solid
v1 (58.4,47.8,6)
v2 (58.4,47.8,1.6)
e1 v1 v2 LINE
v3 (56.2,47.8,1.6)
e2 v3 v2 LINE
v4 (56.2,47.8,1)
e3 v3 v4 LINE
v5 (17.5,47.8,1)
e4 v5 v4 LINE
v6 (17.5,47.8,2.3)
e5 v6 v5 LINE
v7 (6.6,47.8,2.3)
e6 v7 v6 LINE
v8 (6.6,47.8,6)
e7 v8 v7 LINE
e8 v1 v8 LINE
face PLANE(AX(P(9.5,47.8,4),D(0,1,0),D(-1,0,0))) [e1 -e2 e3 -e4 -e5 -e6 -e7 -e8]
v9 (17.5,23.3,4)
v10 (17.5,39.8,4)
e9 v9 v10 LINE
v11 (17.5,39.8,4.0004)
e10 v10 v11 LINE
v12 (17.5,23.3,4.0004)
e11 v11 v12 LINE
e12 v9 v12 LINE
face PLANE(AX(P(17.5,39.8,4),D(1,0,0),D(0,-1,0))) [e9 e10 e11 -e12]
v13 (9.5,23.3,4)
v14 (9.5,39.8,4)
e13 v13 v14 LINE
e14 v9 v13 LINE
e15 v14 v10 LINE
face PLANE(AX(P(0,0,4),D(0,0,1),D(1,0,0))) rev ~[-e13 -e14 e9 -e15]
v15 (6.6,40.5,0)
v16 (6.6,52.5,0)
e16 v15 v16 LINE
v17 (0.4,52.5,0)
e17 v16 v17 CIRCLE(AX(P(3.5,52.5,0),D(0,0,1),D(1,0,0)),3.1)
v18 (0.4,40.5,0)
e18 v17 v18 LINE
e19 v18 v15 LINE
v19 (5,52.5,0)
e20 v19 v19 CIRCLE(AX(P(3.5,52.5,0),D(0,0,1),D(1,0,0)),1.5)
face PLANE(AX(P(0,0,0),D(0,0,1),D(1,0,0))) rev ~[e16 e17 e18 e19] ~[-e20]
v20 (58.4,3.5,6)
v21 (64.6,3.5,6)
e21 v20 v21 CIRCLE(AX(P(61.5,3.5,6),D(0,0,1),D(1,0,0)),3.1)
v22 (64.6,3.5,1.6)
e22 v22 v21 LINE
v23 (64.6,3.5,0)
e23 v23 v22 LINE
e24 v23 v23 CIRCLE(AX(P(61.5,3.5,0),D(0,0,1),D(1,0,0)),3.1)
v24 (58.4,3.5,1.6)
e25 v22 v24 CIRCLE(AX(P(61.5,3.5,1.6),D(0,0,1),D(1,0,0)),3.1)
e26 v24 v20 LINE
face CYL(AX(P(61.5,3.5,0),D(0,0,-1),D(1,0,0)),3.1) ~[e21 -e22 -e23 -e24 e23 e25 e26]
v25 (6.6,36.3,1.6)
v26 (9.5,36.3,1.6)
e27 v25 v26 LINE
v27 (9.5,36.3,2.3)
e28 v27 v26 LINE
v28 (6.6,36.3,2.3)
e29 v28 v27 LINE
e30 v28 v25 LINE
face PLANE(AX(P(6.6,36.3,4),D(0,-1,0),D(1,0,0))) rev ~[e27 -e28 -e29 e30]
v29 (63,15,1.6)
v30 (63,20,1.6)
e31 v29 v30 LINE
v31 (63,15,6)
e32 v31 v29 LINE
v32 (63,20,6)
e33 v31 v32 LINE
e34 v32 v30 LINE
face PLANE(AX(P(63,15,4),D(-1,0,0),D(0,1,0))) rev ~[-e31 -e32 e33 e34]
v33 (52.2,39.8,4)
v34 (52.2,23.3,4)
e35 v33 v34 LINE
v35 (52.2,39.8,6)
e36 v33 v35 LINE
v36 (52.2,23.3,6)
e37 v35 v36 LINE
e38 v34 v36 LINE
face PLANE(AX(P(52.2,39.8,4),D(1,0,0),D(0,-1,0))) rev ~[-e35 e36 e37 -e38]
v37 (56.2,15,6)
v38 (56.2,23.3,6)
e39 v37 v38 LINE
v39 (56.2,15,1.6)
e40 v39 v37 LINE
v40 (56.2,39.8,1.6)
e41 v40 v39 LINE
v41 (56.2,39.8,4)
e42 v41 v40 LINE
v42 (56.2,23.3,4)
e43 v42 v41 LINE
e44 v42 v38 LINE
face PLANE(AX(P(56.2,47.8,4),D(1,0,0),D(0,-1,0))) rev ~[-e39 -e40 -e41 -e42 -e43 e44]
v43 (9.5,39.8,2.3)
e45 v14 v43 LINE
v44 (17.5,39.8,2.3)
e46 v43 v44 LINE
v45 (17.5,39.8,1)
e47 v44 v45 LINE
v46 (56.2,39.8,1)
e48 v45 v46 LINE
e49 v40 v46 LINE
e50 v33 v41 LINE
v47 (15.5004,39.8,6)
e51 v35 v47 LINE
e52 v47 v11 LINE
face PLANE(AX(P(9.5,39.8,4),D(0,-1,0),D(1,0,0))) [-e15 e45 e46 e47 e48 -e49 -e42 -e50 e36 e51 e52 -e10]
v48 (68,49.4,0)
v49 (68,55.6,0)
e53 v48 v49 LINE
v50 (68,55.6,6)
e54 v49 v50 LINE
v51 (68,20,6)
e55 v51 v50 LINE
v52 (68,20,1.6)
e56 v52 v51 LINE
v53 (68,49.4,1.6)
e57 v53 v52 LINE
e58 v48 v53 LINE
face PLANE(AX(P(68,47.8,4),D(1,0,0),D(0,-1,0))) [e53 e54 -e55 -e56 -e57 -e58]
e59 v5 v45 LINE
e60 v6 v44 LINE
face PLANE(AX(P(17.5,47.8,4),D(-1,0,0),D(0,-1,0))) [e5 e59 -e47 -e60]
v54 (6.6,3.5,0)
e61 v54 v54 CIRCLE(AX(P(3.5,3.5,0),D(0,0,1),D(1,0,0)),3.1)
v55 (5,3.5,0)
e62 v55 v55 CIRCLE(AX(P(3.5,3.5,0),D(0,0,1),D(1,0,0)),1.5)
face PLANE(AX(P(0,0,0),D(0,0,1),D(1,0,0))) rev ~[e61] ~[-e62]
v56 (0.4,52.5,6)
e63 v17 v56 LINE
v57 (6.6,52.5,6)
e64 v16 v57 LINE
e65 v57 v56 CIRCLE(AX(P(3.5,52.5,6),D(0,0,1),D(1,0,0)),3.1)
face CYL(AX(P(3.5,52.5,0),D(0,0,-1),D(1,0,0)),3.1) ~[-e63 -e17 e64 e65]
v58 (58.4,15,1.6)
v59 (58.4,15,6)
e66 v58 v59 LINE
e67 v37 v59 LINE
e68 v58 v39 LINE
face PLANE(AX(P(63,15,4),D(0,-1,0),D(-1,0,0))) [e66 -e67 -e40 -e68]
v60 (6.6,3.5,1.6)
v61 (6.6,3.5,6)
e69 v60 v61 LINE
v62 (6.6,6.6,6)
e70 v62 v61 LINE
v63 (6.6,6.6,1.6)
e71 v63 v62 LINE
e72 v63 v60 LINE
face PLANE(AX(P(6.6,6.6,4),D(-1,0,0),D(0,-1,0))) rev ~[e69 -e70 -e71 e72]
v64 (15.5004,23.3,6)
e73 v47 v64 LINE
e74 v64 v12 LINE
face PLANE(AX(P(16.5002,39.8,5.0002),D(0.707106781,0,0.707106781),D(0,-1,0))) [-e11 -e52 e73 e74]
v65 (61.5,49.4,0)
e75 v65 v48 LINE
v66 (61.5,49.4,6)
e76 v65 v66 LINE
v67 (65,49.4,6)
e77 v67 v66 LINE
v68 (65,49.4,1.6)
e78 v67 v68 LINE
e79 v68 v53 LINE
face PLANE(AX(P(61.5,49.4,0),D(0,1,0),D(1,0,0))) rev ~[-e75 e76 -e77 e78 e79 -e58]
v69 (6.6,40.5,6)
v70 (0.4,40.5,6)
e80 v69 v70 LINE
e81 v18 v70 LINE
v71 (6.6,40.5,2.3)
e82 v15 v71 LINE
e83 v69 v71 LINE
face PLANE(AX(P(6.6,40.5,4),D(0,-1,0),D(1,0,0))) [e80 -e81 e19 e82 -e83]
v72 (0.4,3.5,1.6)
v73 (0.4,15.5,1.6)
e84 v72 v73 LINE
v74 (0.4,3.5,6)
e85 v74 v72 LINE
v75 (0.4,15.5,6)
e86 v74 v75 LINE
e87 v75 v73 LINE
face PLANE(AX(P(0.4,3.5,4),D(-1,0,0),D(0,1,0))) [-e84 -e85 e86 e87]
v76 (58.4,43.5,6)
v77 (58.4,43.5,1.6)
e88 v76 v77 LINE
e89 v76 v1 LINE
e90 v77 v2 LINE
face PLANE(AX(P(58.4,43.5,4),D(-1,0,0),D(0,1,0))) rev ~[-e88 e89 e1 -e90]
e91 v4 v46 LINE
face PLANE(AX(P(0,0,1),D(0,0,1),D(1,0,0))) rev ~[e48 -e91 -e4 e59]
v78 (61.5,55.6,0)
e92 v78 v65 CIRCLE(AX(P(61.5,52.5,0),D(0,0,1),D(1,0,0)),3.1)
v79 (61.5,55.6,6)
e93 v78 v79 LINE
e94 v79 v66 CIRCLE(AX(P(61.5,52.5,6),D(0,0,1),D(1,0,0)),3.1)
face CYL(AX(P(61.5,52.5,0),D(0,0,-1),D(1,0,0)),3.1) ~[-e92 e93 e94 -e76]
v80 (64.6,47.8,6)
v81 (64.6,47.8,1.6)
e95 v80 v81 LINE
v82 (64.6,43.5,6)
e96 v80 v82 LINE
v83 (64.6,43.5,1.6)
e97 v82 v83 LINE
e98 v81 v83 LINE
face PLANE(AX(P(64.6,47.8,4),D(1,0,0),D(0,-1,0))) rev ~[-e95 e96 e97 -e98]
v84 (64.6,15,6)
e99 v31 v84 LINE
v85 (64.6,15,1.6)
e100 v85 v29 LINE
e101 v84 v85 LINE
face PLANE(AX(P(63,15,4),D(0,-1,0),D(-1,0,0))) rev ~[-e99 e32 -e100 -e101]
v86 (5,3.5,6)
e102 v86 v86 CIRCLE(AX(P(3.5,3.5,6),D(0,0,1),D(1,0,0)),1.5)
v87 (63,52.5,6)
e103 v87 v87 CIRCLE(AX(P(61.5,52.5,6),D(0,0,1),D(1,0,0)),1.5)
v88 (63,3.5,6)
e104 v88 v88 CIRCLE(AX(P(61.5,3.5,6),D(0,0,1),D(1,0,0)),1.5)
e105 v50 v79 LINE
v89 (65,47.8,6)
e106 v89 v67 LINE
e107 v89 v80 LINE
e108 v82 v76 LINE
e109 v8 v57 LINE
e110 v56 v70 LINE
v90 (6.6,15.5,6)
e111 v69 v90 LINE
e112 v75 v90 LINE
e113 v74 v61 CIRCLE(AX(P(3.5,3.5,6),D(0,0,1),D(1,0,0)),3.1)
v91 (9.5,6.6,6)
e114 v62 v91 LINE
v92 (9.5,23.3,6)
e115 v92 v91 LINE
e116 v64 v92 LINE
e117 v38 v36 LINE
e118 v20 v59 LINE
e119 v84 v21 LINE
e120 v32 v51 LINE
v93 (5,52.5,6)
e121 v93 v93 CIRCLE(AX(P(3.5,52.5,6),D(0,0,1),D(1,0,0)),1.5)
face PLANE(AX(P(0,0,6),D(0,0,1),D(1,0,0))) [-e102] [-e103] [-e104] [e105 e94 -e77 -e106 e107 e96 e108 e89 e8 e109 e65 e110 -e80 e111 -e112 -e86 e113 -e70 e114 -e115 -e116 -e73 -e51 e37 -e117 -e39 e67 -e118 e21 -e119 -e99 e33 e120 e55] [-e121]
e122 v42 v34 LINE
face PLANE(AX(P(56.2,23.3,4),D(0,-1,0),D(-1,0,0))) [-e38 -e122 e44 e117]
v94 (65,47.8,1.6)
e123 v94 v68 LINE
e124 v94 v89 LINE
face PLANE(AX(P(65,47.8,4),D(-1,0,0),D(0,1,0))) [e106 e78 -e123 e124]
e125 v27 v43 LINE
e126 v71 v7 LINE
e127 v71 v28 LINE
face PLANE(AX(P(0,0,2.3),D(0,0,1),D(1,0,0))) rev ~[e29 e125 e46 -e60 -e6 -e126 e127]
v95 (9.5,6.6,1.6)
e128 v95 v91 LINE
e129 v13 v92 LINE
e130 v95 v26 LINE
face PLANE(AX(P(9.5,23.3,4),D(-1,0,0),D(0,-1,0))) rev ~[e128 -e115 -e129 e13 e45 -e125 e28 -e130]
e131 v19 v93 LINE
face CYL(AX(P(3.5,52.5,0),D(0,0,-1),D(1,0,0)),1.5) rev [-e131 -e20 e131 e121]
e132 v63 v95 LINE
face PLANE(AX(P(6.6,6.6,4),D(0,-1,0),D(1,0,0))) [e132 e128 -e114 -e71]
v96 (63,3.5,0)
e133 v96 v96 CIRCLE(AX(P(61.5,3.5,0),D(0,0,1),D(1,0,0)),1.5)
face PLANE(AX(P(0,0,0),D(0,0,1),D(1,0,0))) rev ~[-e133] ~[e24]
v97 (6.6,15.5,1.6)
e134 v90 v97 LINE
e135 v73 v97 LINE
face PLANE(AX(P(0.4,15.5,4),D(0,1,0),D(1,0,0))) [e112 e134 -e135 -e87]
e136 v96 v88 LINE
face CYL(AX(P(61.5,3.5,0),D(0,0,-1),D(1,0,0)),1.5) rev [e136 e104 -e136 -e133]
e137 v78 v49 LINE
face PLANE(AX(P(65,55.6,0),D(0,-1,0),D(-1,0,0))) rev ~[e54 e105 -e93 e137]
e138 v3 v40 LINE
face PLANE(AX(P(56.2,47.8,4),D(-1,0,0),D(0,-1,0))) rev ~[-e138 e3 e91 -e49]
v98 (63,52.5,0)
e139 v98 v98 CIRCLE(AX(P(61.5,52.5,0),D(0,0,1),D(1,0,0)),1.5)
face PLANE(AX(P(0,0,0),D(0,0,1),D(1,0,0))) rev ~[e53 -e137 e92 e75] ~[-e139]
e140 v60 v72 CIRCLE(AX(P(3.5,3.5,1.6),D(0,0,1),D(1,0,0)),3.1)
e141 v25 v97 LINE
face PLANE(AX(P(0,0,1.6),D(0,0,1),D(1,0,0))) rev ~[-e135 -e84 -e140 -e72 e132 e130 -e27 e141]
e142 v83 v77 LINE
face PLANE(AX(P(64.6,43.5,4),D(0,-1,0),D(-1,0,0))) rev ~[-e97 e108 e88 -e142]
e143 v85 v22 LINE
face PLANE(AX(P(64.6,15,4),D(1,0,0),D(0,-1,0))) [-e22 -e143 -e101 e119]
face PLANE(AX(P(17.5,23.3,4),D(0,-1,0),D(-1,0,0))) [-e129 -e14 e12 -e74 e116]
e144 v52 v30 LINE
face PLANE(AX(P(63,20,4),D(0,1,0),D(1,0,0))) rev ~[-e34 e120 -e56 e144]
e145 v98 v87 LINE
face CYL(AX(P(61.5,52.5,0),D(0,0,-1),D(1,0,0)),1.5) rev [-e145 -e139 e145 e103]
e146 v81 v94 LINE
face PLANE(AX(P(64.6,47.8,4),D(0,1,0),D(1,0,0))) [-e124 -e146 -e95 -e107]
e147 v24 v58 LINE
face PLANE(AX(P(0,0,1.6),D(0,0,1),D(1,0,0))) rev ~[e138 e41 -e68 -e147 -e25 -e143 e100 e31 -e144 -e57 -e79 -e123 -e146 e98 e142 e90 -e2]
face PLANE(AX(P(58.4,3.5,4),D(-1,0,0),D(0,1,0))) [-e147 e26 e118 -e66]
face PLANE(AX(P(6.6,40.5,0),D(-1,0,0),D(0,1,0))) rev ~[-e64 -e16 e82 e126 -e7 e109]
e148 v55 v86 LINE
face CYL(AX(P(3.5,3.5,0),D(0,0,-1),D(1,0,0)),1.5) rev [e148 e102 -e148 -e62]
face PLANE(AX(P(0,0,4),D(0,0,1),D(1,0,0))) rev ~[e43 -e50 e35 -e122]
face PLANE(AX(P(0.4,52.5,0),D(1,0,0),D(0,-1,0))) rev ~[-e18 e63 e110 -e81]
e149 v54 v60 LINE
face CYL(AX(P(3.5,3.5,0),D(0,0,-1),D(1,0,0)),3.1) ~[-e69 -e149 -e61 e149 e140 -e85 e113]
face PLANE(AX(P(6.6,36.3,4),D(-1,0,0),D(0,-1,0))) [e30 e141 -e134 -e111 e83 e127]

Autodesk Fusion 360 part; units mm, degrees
sketch "Skizze1" plane through (0, 0, 0) normal (0, 0, 1) x (1, 0, 0)
  line L0 (0, 0) -> (65, 0)
  line L1 (65, 0) -> (65, 56)
  line L2 (65, 56) -> (0, 56)
  line L3 (0, 56) -> (0, 0)
  circle A0 centre (61.5, 52.5) radius 1.5
  circle A1 centre (3.5, 52.5) radius 1.5
  circle A2 centre (3.5, 3.5) radius 1.5
  circle A3 centre (61.5, 3.5) radius 1.5
  line L4 (3.5, 3.5) -> (61.5, 3.5) construction
  line L5 (61.5, 3.5) -> (61.5, 52.5) construction
  line L6 (61.5, 52.5) -> (3.5, 52.5) construction
  line L7 (3.5, 52.5) -> (3.5, 3.5) construction
  line L8 (9.5, 39.8) -> (56.2, 39.8) construction
  line L9 (56.2, 39.8) -> (56.2, 23.3) construction
  line L10 (56.2, 23.3) -> (9.5, 23.3) construction
  line L11 (9.5, 23.3) -> (9.5, 39.8) construction
  line L12 (18.5, 39.8) -> (18.5, 35.3) construction
  line L13 (18.5, 35.3) -> (9.5, 35.3) construction
  line L14 (19.5, 25) -> (33.5, 25) construction
  line L15 (33.5, 25) -> (33.5, 39) construction
  line L16 (33.5, 39) -> (19.5, 39) construction
  line L17 (19.5, 39) -> (19.5, 25) construction
  line L18 (7, 49.3) -> (17.5, 49.3) construction
  line L19 (17.5, 49.3) -> (17.5, 36.3) construction
  line L20 (17.5, 36.3) -> (7, 36.3) construction
  line L21 (7, 36.3) -> (7, 49.3) construction
  line L22 (52.2, 39.8) -> (52.2, 23.3) construction
  line L23 (17.5, 23.3) -> (17.5, 36.3) construction
  circle A4 centre (3.5, 52.5) radius 3.1
  circle A5 centre (61.5, 52.5) radius 3.1
  circle A6 centre (3.5, 3.5) radius 3.1
  circle A7 centre (61.5, 3.5) radius 3.1
  line L24 (6.6, 52.5) -> (0.4, 52.5) construction
  line L25 (0.4, 52.5) -> (0.4, 40.5)
  line L26 (0.4, 40.5) -> (6.6, 40.5)
  line L27 (6.6, 40.5) -> (6.6, 52.5)
  line L28 (61.5, 49.4) -> (68, 49.4)
  line L29 (68, 49.4) -> (68, 55.6)
  line L30 (68, 55.6) -> (61.5, 55.6)
  line L31 (61.5, 55.6) -> (61.5, 49.4) construction
  dimension "d1" = 65
  dimension "d2" = 56
  dimension "d3" = 49
  dimension "d4" = 3.5
  dimension "d5" = 4
  dimension "d6" = 3.5
  dimension "d7" = 3.5
  dimension "d8" = 3
  dimension "d9" = 3
  dimension "d10" = 3
  dimension "d11" = 3
  dimension "d12" = 46.7
  dimension "d13" = 16.5
  dimension "d14" = 4.5
  dimension "d15" = 9
  dimension "d16" = 14
  dimension "d17" = 14
  dimension "d18" = 17
  dimension "d19" = 19.5
  dimension "d20" = 10.5
  dimension "d21" = 13
  dimension "d22" = 6.7
  dimension "d23" = 7
  dimension "d24" = 2
  dimension "d25" = 1
  dimension "d26" = 1
  dimension "d27" = 1
  dimension "d28" = 4
  dimension "d29" = 8
  dimension "d30" = 6.2
  dimension "d31" = 6.2
  dimension "d32" = 6.2
  dimension "d33" = 6.2
  dimension "d36" = 12
  dimension "d37" = 6.5
ref_plane "Arbeitsebene1" through (0, 0, 4) normal (0, 0, 1) x (1, 0, 0)
sketch "Skizze2" plane through (0, 0, 4) normal (0, 0, 1) x (1, 0, 0)
  line L0 (52.2, 39.8) -> (52.2, 23.3)
  line L1 (56.2, 39.8) -> (56.2, 23.3)
  line L2 (56.2, 23.3) -> (9.5, 23.3)
  line L3 (9.5, 39.8) -> (56.2, 39.8)
  line L4 (9.5, 23.3) -> (9.5, 39.8)
  line L5 (17.5, 23.3) -> (17.5, 36.3)
  line L6 (17.5, 49.3) -> (17.5, 36.3)
  line L7 (56.2, 39.8) -> (9.5, 39.8)
  line L8 (9.5, 39.8) -> (9.5, 47.8)
  line L9 (9.5, 47.8) -> (56.2, 47.8)
  line L10 (56.2, 47.8) -> (56.2, 39.8)
  line L11 (56.2, 47.8) -> (68, 47.8)
  line L12 (68, 47.8) -> (68, 15)
  line L13 (68, 15) -> (56.2, 15)
  line L14 (56.2, 15) -> (56.2, 47.8)
  line L15 (0, 0) -> (65, 0)
  line L16 (68, 49.4) -> (68, 55.6)
  line L17 (68, 15) -> (63, 15)
  line L18 (63, 15) -> (63, 20)
  line L19 (63, 20) -> (68, 20)
  line L20 (68, 20) -> (68, 15)
  line L21 (68, 49.4) -> (68, 47.8)
  line L22 (61.5, 49.4) -> (68, 49.4)
  line L23 (65, 0) -> (65, 56)
  line L24 (65, 47.8) -> (65, 49.4)
  line L25 (58.4, 47.8) -> (64.6, 47.8)
  line L26 (64.6, 47.8) -> (64.6, 43.5)
  line L27 (64.6, 43.5) -> (58.4, 43.5)
  line L28 (58.4, 43.5) -> (58.4, 47.8)
  circle A0 centre (61.5, 52.5) radius 3.1
  line L29 (58.4, 15) -> (64.6, 15)
  line L30 (64.6, 15) -> (64.6, 3.5)
  line L31 (64.6, 3.5) -> (58.4, 3.5)
  line L32 (58.4, 3.5) -> (58.4, 15)
  circle A1 centre (61.5, 3.5) radius 3.1
  line L33 (6.6, 40.5) -> (9.5, 40.5)
  line L34 (6.6, 40.5) -> (6.6, 52.5)
  line L35 (9.5, 47.8) -> (6.6, 47.8)
  line L36 (6.6, 3.5) -> (0.4, 3.5)
  line L37 (0.4, 3.5) -> (0.4, 15.5)
  line L38 (0.4, 15.5) -> (6.6, 15.5)
  line L39 (6.6, 15.5) -> (6.6, 3.5)
  circle A2 centre (3.5, 3.5) radius 3.1
  line L40 (3.5, 3.5) -> (61.5, 3.5)
  line L41 (6.6, 40.5) -> (6.6, 15.5)
  line L42 (9.5, 23.3) -> (9.5, 6.6)
  line L43 (6.6, 6.6) -> (9.5, 6.6)
  line L44 (6.6, 36.3) -> (9.5, 36.3)
  dimension "d45" = 8
  dimension "d50" = 15
  dimension "d52" = 20
  dimension "d53" = 5
  dimension "d70" = 9
  dimension "d81" = 12
extrude "Extrusion3" add sketch "Skizze2" along normal blind 2 contours L0 L1 L2 L3 L7 L14 | L2 L3 L4 L5 L6 L7 makes body 1 at (54.8667, 28.8, 4) makes body 2 at (12.1667, 28.8, 4)
chamfer "Fase1" distance 2 angle 45 1 edges at (17.5, 31.55, 6) measured on face at (12.1667, 28.8, 6) on bodies 2
extrude "Extrusion4" add sketch "Skizze2" along normal blind 2 contours L3 L6 L7 L9 L10 L14 | L3 L6 L7 L8 L9 bodies 1 2
extrude "Extrusion5" add sketch "Skizze2" against normal blind 3 contours L3 L6 L7 L9 L10 L14 bodies 1
extrude "Extrusion6" add sketch "Skizze2" along normal blind 2 and the other way blind 2.4 contours L1 L10 L11 L13 L14 L18 L19 L23 L26 L27 L28 L29 | L11 L12 L19 L23 bodies 1
extrude "Extrusion7" add sketch "Skizze1" along normal blind 6 separate body contours L1 A5 L28 L30 | L1 L28 L29 L30 | A5 makes body 3
extrude "Extrusion8" add sketch "Skizze1" along normal blind 6 separate body contours A4 | A4 L25 L26 L27 makes body 4
extrude "Extrusion9" add sketch "Skizze1" along normal blind 6 separate body contours A7 makes body 5
extrude "Extrusion10" add sketch "Skizze1" along normal blind 6 separate body contours A6 makes body 6
extrude "Extrusion11" add sketch "Skizze2" along normal blind 2 and the other way blind 2.4 contours L11 L21 L22 L23 L24 bodies 1 3
extrude "Extrusion12" add sketch "Skizze2" along normal blind 2 and the other way blind 2.4 contours L13 L17 L29 L30 L32 A1 bodies 1 5
extrude "Extrusion13" add sketch "Skizze2" against normal blind 1.7 contours L3 L6 L7 L8 L9 bodies 1
extrude "Extrusion14" add sketch "Skizze2" along normal blind 2 contours L8 L33 L34 L35 bodies 1 4
extrude "Extrusion15" add sketch "Skizze2" against normal blind 1.7 contours L8 L33 L34 L35 bodies 1
extrude "Extrusion16" add sketch "Skizze2" against normal blind 1.7 separate body contours L4 L8 L33 L41 L44 makes body 7
extrude "Extrusion17" add sketch "Skizze2" against normal blind 2.4 contours L4 L39 L41 L42 L43 L44 | L37 L38 L39 A2 bodies 6 1 7
extrude "Extrusion18" add sketch "Skizze2" along normal blind 2 contours L4 L8 L33 L41 L44 | L4 L39 L41 L42 L43 L44 | L37 L38 L39 A2 bodies 6
equation "d6 = d4"
equation "d7 = d4"
equation "d9 = d8"
equation "d10 = d8"
equation "d11 = d8"
